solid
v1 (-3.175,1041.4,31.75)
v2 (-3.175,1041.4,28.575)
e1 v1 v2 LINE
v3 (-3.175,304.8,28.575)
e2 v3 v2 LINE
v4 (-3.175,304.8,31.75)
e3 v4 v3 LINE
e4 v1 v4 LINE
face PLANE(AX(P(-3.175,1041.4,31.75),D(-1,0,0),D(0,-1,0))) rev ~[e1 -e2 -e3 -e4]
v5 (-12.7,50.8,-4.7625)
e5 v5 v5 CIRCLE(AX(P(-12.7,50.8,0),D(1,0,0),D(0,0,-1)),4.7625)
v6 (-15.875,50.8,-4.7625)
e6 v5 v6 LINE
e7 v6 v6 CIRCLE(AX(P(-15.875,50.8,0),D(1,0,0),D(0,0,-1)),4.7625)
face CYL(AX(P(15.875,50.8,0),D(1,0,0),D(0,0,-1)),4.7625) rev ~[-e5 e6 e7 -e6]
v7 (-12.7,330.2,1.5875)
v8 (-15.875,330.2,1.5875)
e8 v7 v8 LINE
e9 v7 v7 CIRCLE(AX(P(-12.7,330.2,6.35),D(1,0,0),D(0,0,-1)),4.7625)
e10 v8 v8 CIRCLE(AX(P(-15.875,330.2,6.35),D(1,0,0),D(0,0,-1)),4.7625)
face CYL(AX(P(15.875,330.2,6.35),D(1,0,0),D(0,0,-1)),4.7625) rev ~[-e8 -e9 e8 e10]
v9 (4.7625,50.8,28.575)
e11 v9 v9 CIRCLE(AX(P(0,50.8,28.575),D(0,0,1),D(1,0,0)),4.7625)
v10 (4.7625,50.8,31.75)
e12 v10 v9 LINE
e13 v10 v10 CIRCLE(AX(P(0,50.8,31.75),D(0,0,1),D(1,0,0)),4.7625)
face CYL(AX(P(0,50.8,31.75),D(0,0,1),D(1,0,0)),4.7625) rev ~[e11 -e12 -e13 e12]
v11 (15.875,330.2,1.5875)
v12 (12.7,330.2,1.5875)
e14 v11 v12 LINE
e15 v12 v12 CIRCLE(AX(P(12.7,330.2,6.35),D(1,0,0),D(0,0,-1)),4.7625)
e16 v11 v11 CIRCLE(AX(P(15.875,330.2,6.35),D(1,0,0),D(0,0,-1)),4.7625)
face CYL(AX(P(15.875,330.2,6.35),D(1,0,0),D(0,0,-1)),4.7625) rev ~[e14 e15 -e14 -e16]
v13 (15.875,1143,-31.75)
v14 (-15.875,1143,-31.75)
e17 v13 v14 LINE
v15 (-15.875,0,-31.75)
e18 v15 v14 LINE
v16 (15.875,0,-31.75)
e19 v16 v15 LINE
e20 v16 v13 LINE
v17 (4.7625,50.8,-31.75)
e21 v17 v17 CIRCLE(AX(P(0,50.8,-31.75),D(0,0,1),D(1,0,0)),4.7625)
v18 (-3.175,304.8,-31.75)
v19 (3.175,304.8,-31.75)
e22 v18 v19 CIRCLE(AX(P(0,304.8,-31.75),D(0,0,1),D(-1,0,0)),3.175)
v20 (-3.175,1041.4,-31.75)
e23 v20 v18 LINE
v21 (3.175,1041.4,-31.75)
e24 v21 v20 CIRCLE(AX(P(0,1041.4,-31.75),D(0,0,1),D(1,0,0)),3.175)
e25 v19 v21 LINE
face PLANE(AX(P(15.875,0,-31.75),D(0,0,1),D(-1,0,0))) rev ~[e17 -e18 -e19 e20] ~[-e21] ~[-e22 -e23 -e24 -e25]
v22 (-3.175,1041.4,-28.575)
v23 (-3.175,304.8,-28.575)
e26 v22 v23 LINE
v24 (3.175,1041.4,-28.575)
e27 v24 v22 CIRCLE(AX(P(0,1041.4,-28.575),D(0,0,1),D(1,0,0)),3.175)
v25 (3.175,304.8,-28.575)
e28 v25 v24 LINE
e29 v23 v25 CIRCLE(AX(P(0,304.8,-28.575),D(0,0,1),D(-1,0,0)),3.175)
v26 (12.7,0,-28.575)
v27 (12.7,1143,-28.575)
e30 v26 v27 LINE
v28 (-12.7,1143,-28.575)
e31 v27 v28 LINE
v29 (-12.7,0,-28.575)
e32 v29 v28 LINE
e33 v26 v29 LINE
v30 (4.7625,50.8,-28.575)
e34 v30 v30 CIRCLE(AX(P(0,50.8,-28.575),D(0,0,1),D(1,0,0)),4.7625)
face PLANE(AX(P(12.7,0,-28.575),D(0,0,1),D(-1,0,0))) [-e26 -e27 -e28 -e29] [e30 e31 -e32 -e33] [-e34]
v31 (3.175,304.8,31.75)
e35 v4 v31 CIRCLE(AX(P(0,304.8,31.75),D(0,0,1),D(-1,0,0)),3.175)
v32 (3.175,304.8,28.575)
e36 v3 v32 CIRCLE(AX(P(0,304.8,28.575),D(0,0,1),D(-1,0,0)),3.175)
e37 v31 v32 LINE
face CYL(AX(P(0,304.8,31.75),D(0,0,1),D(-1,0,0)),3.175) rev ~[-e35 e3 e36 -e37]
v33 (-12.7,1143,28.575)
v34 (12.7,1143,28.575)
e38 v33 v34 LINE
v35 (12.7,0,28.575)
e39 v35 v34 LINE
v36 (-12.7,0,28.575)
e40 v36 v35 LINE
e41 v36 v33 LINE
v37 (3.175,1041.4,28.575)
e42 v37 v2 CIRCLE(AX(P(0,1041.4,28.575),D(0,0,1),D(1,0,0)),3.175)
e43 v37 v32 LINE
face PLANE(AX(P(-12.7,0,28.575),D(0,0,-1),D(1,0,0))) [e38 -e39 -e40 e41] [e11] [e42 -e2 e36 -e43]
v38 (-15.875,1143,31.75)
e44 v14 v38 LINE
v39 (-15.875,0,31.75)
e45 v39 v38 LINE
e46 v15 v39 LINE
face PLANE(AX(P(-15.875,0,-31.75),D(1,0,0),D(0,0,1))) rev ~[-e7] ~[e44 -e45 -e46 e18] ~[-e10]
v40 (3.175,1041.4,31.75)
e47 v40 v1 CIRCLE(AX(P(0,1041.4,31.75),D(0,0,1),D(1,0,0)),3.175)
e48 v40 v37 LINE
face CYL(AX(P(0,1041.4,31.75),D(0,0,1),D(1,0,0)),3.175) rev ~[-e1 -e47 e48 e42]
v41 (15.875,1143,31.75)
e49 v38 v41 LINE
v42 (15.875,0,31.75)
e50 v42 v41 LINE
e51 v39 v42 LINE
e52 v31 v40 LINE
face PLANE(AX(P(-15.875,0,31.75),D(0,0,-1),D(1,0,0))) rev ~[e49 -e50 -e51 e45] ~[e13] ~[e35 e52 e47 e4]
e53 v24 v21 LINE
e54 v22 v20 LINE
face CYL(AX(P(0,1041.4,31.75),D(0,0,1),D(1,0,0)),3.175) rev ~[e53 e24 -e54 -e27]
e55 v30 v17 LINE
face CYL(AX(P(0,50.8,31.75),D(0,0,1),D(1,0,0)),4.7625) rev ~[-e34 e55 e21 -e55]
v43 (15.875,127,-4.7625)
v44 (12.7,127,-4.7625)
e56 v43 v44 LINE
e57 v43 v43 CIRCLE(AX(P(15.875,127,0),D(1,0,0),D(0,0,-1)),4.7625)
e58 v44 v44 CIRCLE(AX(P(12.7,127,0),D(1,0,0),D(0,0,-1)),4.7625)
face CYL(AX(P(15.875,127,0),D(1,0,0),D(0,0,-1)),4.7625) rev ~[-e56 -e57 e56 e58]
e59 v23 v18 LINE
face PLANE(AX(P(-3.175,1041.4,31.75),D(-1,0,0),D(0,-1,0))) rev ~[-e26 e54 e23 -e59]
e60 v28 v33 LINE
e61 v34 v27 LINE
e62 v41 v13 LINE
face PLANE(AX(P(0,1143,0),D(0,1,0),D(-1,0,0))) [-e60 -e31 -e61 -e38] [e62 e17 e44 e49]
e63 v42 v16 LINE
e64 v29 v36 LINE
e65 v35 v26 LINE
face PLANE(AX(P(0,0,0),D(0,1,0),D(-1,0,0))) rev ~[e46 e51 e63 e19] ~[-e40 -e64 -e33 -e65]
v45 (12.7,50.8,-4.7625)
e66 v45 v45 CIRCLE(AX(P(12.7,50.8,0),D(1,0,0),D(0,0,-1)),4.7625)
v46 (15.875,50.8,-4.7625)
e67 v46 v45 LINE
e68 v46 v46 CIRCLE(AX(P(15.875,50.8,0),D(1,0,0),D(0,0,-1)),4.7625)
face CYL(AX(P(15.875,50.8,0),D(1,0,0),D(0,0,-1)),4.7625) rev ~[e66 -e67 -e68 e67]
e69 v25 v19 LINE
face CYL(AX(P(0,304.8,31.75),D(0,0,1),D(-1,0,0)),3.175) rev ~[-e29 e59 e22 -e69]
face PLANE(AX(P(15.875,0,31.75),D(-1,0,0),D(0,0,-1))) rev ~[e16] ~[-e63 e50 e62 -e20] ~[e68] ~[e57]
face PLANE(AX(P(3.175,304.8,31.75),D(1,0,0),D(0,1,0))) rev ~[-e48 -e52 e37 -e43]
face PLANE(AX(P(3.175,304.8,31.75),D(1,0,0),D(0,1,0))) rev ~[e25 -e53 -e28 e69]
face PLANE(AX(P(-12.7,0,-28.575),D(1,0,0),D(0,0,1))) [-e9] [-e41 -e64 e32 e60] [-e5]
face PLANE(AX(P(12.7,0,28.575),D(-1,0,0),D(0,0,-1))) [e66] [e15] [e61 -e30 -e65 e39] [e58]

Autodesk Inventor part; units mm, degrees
ref_plane "YZ Plane" through (0, 0, 0) normal (1, 0, 0) x (0, 1, 0)
ref_plane "XZ Plane" through (0, 0, 0) normal (0, 1, 0) x (-1, 0, 0)
ref_plane "XY Plane" through (0, 0, 0) normal (0, 0, 1) x (1, 0, 0)
sketch "Sketch1" plane through (0, 0, 0) normal (0, 1, 0) x (-1, 0, 0)
  line L0 (15.875, 31.75) -> (-15.875, 31.75)
  line L1 (-15.875, 31.75) -> (-15.875, -31.75)
  line L2 (-15.875, -31.75) -> (15.875, -31.75)
  line L3 (15.875, -31.75) -> (15.875, 31.75)
  line L4 (15.875, 31.75) -> (-15.875, -31.75) construction
  line L5 (-15.875, 31.75) -> (15.875, -31.75) construction
  line L6 (12.7, 28.575) -> (-12.7, 28.575)
  line L7 (-12.7, 28.575) -> (-12.7, -28.575)
  line L8 (-12.7, -28.575) -> (12.7, -28.575)
  line L9 (12.7, -28.575) -> (12.7, 28.575)
  line L10 (12.7, 28.575) -> (-12.7, -28.575) construction
  line L11 (-12.7, 28.575) -> (12.7, -28.575) construction
  point P0 (0, 0)
  dimension "d0" = 63.5
  dimension "d1" = 3.175
  dimension "d26" = 3.175
  dimension "d27" = 31.75
extrude "Extrusion1" add sketch "Sketch1" along normal blind 1143
sketch "Sketch4" plane through (-15.875, 0, 31.75) normal (0, 0, 1) x (1, 0, 0)
  line L0 (15.875, 0) -> (15.875, 1143) construction
  line L1 (15.875, 304.8) -> (15.875, 1041.4) construction
  line L2 (19.05, 304.8) -> (19.05, 1041.4)
  line L3 (12.7, 1041.4) -> (12.7, 304.8)
  arc A0 (12.7, 304.8) -> (19.05, 304.8) centre (15.875, 304.8) ccw
  arc A1 (19.05, 1041.4) -> (12.7, 1041.4) centre (15.875, 1041.4) ccw
  line L4 (0, 1143) -> (31.75, 1143) projected
  line L5 (0, 0) -> (31.75, 0) projected
  point P0 (15.875, 673.1)
  dimension "d6" = 6.35
  dimension "d7" = 101.6
  dimension "d8" = 304.8
  dimension "d28" = 736.6
extrude "Extrusion3" cut sketch "Sketch4" against normal through all
sketch "Sketch5" plane through (15.875, 0, 31.75) normal (1, 0, 0) x (0, 0, -1)
  circle A0 centre (31.75, 127) radius 4.7625
  line L0 (0, 0) -> (63.5, 0) projected
  line L1 (0, 0) -> (0, 1143) projected
  point P0 (31.75, 0)
  dimension "d11" = 9.525
  dimension "d12" = 127
  dimension "d25" = 31.75
extrude "Extrusion4" cut sketch "Sketch5" against normal up to next
sketch "Sketch6" plane through (-15.875, 0, 31.75) normal (0, 0, 1) x (1, 0, 0)
  circle A0 centre (15.875, 50.8) radius 4.7625
  line L0 (0, 0) -> (31.75, 0) projected
  line L1 (0, 0) -> (0, 1143) projected
  point P0 (15.875, 0)
  dimension "d15" = 9.525
  dimension "d16" = 50.8
  dimension "d24" = 15.875
extrude "Extrusion5" cut sketch "Sketch6" against normal through all
sketch "Sketch7" plane through (15.875, 0, 31.75) normal (1, 0, 0) x (0, 0, -1)
  circle A0 centre (31.75, 50.8) radius 4.7625
  line L0 (0, 0) -> (63.5, 0) projected
  line L1 (31.75, 0) -> (31.75, 96.4703) construction
  line L2 (0, 0) -> (0, 1143) construction
  dimension "d19" = 9.525
  dimension "d20" = 50.8
  dimension "d23" = 31.75
extrude "Extrusion6" cut sketch "Sketch7" against normal through all
sketch "Sketch8" plane through (15.875, 0, 31.75) normal (1, 0, 0) x (0, 0, -1)
  circle A0 centre (25.4, 330.2) radius 4.7625
  line L0 (0, 1143) -> (63.5, 1143) projected
  point P0 (31.75, 0)
  dimension "d29" = 9.525
  dimension "d30" = 812.8
extrude "Extrusion7" cut sketch "Sketch8" against normal through all
equation "\"d0\" = tubeBreadth"
equation "\"d1\" = tubeThickness"
equation "\"d27\" = tubeWidth"
equation "\"d2\" = tubeLength"
equation "\"d6\" = slotWidth"
equation "\"d7\" = slotDistanceFromTop"
equation "\"d8\" = slotDistanceFromBottom"
equation "\"d25\" = 0.5 * tubeBreadth"
equation "\"d15\" = axelDiam"
equation "\"d16\" = axelHeightAboveBottomOfTube"
equation "\"d24\" = 0.5 * tubeWidth"
equation "\"d19\" = axelDiam"
equation "\"d20\" = axelHeightAboveBottomOfTube"
equation "\"d23\" = 0.5 * tubeBreadth"
equation "\"d29\" = stopHoleDiam"
equation "\"d30\" = stopHoleDistanceFromTop"
equation "\"tubeBreadth\" = 63.5"
equation "\"tubeThickness\" = 3.175"
equation "\"tubeLength\" = 1143"
equation "\"slotDistanceFromBottom\" = 304.8"
equation "\"slotDistanceFromTop\" = 101.6"
equation "\"slotWidth\" = 6.35"
equation "\"axelDiam\" = 9.525"
equation "\"axelHeightAboveBottomOfTube\" = 50.8"
equation "\"tubeWidth\" = 31.75"
equation "\"stopHoleDiam\" = 9.525"
equation "\"stopHoleDistanceFromTop\" = 812.8"
properties part number "OuterTube" material "Aluminum 6061"
